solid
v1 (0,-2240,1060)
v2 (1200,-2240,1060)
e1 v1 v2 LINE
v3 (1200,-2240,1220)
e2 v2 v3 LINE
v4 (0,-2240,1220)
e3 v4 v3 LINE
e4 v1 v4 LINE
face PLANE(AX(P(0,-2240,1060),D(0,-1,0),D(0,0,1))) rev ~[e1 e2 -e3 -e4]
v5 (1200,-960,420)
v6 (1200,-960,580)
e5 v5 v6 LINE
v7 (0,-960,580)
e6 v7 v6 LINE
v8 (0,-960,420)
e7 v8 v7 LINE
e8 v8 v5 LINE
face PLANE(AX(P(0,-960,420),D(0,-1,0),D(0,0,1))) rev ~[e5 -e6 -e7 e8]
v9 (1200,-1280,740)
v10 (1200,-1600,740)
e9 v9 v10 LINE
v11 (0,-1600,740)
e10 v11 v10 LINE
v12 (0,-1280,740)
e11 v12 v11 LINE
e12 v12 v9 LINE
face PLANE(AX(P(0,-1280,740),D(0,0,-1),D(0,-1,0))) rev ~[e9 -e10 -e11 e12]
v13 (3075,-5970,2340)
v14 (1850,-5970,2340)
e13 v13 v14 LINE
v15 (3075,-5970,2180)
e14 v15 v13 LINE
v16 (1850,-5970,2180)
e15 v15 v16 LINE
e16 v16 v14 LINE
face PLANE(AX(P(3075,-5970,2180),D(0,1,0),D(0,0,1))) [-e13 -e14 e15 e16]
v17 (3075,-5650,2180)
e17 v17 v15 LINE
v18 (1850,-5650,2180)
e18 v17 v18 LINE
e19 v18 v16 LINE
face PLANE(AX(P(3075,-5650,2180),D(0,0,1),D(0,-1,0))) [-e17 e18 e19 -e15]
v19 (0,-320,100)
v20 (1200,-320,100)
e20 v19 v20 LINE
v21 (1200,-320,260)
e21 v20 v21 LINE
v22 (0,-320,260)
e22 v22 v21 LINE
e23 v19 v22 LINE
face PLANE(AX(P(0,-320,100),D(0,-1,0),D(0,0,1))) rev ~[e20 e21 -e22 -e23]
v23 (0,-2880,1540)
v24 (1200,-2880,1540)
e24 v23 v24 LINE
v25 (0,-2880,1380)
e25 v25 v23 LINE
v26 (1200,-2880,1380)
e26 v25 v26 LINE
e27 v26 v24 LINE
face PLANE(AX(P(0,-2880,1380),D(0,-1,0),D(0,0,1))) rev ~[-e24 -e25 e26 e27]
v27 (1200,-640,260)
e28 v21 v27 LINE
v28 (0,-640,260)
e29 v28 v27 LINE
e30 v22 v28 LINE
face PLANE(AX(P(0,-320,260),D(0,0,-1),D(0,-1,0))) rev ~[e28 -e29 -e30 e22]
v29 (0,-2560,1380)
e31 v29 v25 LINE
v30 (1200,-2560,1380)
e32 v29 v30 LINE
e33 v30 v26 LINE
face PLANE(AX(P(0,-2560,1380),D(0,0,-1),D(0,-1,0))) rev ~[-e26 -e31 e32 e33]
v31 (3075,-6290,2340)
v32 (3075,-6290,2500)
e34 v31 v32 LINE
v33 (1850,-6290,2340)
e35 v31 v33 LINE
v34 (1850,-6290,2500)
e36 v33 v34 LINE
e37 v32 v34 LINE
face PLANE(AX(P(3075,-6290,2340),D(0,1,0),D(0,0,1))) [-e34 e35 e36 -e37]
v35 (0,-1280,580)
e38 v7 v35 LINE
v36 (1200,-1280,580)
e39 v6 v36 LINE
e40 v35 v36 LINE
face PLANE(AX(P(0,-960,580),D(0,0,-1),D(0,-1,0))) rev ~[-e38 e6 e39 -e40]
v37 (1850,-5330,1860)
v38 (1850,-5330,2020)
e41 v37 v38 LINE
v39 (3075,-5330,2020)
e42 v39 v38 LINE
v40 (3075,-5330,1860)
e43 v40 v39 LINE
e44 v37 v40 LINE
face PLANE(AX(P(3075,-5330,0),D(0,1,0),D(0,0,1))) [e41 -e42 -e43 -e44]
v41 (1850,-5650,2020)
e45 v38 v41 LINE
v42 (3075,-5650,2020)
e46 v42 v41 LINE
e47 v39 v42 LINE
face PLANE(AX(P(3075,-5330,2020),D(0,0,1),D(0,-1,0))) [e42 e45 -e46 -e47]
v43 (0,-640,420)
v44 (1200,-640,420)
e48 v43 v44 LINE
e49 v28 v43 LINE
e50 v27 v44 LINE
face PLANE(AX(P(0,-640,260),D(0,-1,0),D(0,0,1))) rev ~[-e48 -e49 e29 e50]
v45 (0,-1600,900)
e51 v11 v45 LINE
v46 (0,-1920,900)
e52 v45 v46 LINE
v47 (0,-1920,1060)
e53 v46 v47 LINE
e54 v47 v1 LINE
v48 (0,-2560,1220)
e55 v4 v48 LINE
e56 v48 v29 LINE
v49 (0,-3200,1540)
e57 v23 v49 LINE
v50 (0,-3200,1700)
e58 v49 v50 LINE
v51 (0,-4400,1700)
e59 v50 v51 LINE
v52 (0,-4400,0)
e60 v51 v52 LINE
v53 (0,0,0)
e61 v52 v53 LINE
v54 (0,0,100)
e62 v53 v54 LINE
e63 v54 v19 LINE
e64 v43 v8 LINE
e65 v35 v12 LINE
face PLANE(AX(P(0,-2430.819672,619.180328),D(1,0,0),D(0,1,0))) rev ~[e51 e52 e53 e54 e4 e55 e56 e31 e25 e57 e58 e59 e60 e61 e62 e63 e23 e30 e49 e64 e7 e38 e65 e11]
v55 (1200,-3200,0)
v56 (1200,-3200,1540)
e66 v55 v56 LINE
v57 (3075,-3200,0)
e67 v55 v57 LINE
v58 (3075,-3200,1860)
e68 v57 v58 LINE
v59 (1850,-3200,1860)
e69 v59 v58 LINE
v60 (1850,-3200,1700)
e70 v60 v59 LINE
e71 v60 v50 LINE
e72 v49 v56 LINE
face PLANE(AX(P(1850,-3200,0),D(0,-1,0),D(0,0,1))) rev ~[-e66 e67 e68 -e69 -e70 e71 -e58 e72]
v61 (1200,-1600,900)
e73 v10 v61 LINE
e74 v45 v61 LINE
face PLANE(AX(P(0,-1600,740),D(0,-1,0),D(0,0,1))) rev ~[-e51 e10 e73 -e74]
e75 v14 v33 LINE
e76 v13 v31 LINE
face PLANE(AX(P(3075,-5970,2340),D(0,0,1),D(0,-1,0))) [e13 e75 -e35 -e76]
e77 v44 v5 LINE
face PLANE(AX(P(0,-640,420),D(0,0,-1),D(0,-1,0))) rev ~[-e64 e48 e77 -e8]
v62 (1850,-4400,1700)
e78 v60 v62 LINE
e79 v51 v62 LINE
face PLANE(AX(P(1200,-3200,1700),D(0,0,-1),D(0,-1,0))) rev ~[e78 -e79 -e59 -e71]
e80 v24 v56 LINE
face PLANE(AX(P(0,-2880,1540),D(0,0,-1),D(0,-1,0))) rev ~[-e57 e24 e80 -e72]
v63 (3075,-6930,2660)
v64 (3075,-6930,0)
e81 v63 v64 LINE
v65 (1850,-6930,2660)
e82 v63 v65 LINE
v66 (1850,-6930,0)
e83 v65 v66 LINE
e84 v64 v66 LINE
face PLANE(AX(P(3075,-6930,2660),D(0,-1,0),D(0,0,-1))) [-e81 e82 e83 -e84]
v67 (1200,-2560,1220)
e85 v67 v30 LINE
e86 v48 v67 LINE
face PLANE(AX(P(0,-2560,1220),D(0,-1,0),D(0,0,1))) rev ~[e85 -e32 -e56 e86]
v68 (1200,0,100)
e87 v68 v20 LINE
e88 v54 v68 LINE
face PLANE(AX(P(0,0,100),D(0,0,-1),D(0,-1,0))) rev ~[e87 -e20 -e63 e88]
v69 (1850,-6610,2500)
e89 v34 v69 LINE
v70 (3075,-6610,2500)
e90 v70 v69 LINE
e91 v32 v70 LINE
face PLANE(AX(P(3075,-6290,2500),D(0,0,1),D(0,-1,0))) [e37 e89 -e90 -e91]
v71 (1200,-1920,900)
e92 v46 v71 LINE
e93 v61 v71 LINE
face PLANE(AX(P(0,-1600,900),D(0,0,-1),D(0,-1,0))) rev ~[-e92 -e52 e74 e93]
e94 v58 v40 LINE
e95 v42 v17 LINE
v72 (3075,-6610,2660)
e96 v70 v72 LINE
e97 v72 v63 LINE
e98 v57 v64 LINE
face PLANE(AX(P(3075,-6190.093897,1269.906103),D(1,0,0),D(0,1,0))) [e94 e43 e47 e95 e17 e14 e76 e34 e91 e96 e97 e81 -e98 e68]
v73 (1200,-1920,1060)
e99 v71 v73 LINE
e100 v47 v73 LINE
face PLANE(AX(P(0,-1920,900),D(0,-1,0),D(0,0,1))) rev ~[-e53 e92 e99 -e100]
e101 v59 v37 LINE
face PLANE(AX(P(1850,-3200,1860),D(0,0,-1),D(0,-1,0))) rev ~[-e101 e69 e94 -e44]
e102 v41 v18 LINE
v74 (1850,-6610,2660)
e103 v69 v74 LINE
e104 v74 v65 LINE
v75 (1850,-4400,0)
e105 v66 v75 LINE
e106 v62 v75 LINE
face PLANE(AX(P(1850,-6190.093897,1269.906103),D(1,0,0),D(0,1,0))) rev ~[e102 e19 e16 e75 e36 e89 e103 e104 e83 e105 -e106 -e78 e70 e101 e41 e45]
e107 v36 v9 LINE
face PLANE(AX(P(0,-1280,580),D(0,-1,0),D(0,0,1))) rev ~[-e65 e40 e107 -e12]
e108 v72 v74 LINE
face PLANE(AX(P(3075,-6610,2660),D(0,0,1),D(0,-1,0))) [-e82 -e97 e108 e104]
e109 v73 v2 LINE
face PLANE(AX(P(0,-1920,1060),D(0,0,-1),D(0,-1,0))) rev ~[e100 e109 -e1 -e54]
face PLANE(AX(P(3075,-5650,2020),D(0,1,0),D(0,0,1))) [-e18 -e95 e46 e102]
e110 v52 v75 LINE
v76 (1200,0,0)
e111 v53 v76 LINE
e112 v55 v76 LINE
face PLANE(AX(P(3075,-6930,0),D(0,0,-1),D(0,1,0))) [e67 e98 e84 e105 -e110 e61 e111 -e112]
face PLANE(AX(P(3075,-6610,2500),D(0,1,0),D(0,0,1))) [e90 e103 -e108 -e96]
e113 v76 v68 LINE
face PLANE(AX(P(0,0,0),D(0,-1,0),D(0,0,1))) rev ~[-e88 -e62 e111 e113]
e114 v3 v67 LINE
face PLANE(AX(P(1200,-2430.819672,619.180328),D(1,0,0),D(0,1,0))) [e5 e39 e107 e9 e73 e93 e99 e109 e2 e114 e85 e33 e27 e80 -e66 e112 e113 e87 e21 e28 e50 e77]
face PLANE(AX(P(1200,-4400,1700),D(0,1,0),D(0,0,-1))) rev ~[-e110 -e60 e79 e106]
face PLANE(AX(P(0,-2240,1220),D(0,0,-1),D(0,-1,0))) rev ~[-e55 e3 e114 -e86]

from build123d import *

# Parameters (mm, degrees)
F1_DEPTH = 1200
F3_DEPTH = 650
F4_W     = 1200
F4_H     = 1700
F5_DEPTH = 1225
F7_DEPTH = 1225


with BuildPart() as f1:
    # F0 (on Right) → F1 (new body)
    with BuildSketch(Plane.YZ):
        Polygon((-4400, 0), (0, 0), (0, 100), (-320, 100), (-320, 260), (-640, 260), (-640, 420), (-960, 420), (-960, 580), (-1280, 580), (-1280, 740), (-1600, 740), (-1600, 900), (-1920, 900), (-1920, 1060), (-2240, 1060), (-2240, 1220), (-2560, 1220), (-2560, 1380), (-2880, 1380), (-2880, 1540), (-3200, 1540), (-3200, 1700), (-4400, 1700), align=None)
    extrude(amount=F1_DEPTH)

    # F2 (on face) → F3 (join)
    with BuildSketch(Plane.YZ.offset(1200)):
        Polygon((-3200, 1700), (-4400, 1700), (-4400, 0), (-3200, 0), (-3200, 1540), align=None)
    extrude(amount=F3_DEPTH)

    # F4 (on face) → F5 (join)
    with BuildSketch(Plane.YZ.offset(1850)):
        Polygon((-5330, 0), (-4400, 0), (-4400, 1700), (-3200, 1700), (-3200, 1860), (-5330, 1860), align=None)
        with Locations((-3800, 850)):
            Rectangle(F4_W, F4_H)
    extrude(amount=F5_DEPTH)

    # F6 (on face) → F7 (join, through all)
    with BuildSketch(Plane.YZ.offset(3075)):
        Polygon((-6930, 0), (-5330, 0), (-5330, 1860), (-5330, 2020), (-5650, 2020), (-5650, 2180), (-5970, 2180), (-5970, 2340), (-6290, 2340), (-6290, 2500), (-6610, 2500), (-6610, 2660), (-6930, 2660), align=None)
    extrude(amount=-F7_DEPTH)


solid = f1.part
